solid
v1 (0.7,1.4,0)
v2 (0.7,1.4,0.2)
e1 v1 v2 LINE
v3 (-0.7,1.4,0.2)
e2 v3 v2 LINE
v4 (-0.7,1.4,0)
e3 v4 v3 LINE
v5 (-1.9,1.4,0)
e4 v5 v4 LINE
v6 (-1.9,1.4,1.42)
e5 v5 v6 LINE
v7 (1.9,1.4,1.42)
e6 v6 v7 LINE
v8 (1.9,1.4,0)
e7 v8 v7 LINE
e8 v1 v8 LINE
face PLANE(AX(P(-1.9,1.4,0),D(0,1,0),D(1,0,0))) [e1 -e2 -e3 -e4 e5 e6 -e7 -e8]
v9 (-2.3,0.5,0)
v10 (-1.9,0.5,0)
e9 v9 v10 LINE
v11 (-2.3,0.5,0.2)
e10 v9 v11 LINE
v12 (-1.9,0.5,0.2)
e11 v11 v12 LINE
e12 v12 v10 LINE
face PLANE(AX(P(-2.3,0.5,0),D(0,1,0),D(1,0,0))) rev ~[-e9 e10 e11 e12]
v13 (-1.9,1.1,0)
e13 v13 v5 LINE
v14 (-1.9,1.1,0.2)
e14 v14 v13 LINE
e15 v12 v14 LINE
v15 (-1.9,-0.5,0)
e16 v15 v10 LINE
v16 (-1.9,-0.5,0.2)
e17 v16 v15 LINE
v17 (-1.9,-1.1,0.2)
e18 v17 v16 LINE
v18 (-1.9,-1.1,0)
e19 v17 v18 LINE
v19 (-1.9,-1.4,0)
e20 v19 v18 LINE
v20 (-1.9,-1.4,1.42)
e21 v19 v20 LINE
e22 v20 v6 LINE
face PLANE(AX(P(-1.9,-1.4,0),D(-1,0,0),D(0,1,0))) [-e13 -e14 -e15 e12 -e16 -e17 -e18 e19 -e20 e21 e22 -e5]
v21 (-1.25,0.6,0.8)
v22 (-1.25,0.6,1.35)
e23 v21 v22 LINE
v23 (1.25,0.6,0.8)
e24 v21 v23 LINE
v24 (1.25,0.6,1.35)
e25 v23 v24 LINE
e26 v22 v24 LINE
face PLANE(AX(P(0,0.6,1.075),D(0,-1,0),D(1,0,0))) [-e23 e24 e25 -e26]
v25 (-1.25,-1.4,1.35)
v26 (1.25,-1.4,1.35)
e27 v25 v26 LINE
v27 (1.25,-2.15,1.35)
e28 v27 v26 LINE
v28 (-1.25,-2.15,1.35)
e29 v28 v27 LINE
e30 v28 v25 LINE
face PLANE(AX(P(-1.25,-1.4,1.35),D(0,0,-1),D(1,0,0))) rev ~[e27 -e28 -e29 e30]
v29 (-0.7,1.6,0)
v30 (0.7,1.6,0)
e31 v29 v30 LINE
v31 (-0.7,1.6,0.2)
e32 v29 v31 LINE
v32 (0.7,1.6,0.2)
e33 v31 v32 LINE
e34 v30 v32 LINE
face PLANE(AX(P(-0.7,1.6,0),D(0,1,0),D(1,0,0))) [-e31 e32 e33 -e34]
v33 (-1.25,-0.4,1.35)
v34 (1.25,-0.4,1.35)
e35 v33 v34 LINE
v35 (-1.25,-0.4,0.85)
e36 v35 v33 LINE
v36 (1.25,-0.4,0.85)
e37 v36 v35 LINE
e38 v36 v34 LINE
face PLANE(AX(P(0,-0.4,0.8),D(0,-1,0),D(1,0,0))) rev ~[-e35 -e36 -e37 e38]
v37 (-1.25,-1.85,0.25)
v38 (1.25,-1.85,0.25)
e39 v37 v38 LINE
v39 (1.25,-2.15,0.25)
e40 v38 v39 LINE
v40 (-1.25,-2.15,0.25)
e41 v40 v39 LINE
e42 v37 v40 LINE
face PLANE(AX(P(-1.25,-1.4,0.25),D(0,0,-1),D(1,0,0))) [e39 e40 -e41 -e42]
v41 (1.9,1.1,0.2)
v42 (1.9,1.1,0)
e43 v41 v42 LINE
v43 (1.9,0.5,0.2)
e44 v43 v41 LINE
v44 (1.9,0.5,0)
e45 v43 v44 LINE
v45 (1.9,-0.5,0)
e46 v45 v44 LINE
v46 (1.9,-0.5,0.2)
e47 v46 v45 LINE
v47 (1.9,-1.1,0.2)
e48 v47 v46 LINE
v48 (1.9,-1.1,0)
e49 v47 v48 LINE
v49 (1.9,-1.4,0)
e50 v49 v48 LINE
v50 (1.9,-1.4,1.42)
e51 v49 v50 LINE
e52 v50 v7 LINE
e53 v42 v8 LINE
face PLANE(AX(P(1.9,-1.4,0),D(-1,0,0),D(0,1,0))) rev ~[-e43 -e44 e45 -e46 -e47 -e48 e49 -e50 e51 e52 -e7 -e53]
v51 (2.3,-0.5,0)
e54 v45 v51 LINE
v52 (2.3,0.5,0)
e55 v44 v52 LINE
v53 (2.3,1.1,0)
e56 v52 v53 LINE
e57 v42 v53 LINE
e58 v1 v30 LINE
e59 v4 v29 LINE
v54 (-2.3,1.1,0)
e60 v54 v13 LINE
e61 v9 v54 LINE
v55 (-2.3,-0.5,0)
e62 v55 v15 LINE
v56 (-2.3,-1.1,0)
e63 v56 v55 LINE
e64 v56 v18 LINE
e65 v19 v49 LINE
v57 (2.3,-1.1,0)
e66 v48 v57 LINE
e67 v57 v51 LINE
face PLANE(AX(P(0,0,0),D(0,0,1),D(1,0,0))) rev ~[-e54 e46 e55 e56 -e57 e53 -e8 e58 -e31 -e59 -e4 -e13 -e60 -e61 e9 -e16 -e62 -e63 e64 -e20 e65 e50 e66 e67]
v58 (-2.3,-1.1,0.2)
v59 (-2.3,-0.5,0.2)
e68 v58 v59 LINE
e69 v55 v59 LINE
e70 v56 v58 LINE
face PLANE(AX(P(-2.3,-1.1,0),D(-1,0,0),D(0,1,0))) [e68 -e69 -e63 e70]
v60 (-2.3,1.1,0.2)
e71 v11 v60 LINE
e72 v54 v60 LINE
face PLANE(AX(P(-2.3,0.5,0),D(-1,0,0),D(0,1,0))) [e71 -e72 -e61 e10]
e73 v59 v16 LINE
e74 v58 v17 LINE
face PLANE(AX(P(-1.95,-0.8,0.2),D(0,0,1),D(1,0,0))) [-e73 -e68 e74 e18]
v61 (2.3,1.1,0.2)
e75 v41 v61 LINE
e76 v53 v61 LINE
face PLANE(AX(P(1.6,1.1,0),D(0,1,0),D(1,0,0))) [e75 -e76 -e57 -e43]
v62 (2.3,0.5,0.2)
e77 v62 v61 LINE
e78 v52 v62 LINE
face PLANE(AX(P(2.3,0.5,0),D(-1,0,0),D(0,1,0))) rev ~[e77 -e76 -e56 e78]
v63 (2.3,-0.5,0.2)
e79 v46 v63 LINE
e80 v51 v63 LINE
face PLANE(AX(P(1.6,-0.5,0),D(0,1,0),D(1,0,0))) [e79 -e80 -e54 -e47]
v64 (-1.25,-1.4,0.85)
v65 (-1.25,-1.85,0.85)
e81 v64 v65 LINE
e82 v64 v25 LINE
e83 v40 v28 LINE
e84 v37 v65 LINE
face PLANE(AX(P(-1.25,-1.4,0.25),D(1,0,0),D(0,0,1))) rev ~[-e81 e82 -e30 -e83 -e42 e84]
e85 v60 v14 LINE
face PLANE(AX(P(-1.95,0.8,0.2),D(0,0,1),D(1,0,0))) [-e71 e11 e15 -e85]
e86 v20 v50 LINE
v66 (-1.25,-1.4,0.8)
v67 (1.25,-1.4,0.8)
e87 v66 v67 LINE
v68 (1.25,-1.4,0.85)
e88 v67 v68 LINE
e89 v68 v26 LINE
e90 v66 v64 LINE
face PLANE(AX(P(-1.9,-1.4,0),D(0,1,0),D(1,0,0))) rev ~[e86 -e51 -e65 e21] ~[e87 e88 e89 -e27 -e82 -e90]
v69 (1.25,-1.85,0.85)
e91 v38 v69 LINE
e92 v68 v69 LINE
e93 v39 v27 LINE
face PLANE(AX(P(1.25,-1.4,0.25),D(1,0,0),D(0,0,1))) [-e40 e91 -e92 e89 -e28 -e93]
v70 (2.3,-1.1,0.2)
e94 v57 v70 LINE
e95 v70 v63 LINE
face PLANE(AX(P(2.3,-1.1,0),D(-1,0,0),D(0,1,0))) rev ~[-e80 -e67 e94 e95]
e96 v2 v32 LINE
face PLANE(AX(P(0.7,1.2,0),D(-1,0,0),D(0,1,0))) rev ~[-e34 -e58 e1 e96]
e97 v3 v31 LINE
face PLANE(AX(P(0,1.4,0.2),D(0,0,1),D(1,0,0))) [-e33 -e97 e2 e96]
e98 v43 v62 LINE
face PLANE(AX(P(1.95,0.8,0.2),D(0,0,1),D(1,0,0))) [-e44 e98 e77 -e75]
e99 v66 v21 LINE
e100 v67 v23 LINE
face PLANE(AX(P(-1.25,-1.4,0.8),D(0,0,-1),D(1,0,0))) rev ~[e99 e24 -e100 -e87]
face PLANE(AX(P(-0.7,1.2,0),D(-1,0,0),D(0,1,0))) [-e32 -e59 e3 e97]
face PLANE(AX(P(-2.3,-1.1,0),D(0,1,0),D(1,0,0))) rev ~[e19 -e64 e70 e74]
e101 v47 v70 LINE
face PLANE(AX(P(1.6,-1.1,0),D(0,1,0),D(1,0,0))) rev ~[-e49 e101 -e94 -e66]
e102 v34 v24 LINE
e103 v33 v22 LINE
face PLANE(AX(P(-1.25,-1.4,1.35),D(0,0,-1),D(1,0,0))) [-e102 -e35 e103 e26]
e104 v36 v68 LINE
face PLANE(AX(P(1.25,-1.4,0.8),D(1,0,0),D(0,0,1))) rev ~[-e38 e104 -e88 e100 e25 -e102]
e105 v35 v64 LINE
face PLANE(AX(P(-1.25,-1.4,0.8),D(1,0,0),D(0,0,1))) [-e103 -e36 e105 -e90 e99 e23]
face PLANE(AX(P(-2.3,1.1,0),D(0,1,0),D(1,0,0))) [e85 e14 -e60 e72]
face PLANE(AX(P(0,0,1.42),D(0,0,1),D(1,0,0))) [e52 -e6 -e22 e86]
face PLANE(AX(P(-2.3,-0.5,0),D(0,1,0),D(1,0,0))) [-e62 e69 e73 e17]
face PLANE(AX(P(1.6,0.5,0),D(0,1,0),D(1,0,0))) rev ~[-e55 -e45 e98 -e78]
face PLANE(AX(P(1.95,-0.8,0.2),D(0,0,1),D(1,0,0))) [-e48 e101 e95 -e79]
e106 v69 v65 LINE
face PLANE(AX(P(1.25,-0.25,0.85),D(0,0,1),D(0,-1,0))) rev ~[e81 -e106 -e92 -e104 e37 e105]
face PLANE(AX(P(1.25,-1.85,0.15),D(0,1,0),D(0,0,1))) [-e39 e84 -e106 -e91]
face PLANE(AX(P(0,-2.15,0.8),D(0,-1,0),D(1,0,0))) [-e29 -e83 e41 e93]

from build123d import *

# Parameters (mm, degrees)
SKETCH004_W       = 2.5
SKETCH004_H       = 1.1
PAD001_DEPTH      = 0.75
PAD001_DEPTH_BACK = 1
SKETCH005_W       = 0.7
SKETCH005_H       = 1.6
POCKET001_DEPTH   = 2.501
SKETCH006_W       = 0.7
SKETCH006_H       = 0.6
SKETCH006_W_2     = 1.4
SKETCH006_H_2     = 0.4
PAD002_DEPTH      = 0.2
SKETCH002_W       = 3.8
SKETCH002_H       = 2.8
PAD_DEPTH         = 1.42
SKETCH003_W       = 2.5
SKETCH003_H       = 0.55
POCKET_DEPTH      = 2


with BuildPart() as buttonprofile_pocket:
    # Sketch004 → Pad001 (new body, two sides)
    with BuildSketch(Plane.XZ.offset(1.4)) as pad001_sk:
        with Locations((0, 0.8)):
            Rectangle(SKETCH004_W, SKETCH004_H)
    extrude(amount=PAD001_DEPTH)
    extrude(pad001_sk.sketch, amount=-PAD001_DEPTH_BACK)

    # Sketch005 → Pocket001 (cut, through all)
    with BuildSketch(Plane(origin=(1.25, -1.4, 0), x_dir=(0, 0, 1), z_dir=(1, 0, 0))):
        with Locations((0.5, -0.35)):
            Rectangle(SKETCH005_W, SKETCH005_H)
    extrude(amount=-POCKET001_DEPTH, mode=Mode.SUBTRACT)


with BuildPart() as pins_pad:
    # Sketch006 → Pad002 (new body)
    with BuildSketch(Plane.XY):
        with Locations((-1.95, -0.8)):
            Rectangle(SKETCH006_W, SKETCH006_H)
        with Locations((1.95, -0.8)):
            Rectangle(SKETCH006_W, SKETCH006_H)
        with Locations((1.95, 0.8)):
            Rectangle(SKETCH006_W, SKETCH006_H)
        with Locations((-1.95, 0.8)):
            Rectangle(SKETCH006_W, SKETCH006_H)
        with Locations((0, 1.4)):
            Rectangle(SKETCH006_W_2, SKETCH006_H_2)
    extrude(amount=PAD002_DEPTH)


with BuildPart() as fusion:
    # Sketch002 → Pad (new body)
    with BuildSketch(Plane.XY):
        Rectangle(SKETCH002_W, SKETCH002_H)
    extrude(amount=PAD_DEPTH)

    # Sketch003 → Pocket (cut)
    with BuildSketch(Plane.XZ.offset(1.4)):
        with Locations((0, 1.075)):
            Rectangle(SKETCH003_W, SKETCH003_H)
    extrude(amount=-POCKET_DEPTH, mode=Mode.SUBTRACT)

    # Fusion: union ButtonProfile_Pocket, Pins_Pad
    add(buttonprofile_pocket.part)
    add(pins_pad.part)


solid = fusion.part
